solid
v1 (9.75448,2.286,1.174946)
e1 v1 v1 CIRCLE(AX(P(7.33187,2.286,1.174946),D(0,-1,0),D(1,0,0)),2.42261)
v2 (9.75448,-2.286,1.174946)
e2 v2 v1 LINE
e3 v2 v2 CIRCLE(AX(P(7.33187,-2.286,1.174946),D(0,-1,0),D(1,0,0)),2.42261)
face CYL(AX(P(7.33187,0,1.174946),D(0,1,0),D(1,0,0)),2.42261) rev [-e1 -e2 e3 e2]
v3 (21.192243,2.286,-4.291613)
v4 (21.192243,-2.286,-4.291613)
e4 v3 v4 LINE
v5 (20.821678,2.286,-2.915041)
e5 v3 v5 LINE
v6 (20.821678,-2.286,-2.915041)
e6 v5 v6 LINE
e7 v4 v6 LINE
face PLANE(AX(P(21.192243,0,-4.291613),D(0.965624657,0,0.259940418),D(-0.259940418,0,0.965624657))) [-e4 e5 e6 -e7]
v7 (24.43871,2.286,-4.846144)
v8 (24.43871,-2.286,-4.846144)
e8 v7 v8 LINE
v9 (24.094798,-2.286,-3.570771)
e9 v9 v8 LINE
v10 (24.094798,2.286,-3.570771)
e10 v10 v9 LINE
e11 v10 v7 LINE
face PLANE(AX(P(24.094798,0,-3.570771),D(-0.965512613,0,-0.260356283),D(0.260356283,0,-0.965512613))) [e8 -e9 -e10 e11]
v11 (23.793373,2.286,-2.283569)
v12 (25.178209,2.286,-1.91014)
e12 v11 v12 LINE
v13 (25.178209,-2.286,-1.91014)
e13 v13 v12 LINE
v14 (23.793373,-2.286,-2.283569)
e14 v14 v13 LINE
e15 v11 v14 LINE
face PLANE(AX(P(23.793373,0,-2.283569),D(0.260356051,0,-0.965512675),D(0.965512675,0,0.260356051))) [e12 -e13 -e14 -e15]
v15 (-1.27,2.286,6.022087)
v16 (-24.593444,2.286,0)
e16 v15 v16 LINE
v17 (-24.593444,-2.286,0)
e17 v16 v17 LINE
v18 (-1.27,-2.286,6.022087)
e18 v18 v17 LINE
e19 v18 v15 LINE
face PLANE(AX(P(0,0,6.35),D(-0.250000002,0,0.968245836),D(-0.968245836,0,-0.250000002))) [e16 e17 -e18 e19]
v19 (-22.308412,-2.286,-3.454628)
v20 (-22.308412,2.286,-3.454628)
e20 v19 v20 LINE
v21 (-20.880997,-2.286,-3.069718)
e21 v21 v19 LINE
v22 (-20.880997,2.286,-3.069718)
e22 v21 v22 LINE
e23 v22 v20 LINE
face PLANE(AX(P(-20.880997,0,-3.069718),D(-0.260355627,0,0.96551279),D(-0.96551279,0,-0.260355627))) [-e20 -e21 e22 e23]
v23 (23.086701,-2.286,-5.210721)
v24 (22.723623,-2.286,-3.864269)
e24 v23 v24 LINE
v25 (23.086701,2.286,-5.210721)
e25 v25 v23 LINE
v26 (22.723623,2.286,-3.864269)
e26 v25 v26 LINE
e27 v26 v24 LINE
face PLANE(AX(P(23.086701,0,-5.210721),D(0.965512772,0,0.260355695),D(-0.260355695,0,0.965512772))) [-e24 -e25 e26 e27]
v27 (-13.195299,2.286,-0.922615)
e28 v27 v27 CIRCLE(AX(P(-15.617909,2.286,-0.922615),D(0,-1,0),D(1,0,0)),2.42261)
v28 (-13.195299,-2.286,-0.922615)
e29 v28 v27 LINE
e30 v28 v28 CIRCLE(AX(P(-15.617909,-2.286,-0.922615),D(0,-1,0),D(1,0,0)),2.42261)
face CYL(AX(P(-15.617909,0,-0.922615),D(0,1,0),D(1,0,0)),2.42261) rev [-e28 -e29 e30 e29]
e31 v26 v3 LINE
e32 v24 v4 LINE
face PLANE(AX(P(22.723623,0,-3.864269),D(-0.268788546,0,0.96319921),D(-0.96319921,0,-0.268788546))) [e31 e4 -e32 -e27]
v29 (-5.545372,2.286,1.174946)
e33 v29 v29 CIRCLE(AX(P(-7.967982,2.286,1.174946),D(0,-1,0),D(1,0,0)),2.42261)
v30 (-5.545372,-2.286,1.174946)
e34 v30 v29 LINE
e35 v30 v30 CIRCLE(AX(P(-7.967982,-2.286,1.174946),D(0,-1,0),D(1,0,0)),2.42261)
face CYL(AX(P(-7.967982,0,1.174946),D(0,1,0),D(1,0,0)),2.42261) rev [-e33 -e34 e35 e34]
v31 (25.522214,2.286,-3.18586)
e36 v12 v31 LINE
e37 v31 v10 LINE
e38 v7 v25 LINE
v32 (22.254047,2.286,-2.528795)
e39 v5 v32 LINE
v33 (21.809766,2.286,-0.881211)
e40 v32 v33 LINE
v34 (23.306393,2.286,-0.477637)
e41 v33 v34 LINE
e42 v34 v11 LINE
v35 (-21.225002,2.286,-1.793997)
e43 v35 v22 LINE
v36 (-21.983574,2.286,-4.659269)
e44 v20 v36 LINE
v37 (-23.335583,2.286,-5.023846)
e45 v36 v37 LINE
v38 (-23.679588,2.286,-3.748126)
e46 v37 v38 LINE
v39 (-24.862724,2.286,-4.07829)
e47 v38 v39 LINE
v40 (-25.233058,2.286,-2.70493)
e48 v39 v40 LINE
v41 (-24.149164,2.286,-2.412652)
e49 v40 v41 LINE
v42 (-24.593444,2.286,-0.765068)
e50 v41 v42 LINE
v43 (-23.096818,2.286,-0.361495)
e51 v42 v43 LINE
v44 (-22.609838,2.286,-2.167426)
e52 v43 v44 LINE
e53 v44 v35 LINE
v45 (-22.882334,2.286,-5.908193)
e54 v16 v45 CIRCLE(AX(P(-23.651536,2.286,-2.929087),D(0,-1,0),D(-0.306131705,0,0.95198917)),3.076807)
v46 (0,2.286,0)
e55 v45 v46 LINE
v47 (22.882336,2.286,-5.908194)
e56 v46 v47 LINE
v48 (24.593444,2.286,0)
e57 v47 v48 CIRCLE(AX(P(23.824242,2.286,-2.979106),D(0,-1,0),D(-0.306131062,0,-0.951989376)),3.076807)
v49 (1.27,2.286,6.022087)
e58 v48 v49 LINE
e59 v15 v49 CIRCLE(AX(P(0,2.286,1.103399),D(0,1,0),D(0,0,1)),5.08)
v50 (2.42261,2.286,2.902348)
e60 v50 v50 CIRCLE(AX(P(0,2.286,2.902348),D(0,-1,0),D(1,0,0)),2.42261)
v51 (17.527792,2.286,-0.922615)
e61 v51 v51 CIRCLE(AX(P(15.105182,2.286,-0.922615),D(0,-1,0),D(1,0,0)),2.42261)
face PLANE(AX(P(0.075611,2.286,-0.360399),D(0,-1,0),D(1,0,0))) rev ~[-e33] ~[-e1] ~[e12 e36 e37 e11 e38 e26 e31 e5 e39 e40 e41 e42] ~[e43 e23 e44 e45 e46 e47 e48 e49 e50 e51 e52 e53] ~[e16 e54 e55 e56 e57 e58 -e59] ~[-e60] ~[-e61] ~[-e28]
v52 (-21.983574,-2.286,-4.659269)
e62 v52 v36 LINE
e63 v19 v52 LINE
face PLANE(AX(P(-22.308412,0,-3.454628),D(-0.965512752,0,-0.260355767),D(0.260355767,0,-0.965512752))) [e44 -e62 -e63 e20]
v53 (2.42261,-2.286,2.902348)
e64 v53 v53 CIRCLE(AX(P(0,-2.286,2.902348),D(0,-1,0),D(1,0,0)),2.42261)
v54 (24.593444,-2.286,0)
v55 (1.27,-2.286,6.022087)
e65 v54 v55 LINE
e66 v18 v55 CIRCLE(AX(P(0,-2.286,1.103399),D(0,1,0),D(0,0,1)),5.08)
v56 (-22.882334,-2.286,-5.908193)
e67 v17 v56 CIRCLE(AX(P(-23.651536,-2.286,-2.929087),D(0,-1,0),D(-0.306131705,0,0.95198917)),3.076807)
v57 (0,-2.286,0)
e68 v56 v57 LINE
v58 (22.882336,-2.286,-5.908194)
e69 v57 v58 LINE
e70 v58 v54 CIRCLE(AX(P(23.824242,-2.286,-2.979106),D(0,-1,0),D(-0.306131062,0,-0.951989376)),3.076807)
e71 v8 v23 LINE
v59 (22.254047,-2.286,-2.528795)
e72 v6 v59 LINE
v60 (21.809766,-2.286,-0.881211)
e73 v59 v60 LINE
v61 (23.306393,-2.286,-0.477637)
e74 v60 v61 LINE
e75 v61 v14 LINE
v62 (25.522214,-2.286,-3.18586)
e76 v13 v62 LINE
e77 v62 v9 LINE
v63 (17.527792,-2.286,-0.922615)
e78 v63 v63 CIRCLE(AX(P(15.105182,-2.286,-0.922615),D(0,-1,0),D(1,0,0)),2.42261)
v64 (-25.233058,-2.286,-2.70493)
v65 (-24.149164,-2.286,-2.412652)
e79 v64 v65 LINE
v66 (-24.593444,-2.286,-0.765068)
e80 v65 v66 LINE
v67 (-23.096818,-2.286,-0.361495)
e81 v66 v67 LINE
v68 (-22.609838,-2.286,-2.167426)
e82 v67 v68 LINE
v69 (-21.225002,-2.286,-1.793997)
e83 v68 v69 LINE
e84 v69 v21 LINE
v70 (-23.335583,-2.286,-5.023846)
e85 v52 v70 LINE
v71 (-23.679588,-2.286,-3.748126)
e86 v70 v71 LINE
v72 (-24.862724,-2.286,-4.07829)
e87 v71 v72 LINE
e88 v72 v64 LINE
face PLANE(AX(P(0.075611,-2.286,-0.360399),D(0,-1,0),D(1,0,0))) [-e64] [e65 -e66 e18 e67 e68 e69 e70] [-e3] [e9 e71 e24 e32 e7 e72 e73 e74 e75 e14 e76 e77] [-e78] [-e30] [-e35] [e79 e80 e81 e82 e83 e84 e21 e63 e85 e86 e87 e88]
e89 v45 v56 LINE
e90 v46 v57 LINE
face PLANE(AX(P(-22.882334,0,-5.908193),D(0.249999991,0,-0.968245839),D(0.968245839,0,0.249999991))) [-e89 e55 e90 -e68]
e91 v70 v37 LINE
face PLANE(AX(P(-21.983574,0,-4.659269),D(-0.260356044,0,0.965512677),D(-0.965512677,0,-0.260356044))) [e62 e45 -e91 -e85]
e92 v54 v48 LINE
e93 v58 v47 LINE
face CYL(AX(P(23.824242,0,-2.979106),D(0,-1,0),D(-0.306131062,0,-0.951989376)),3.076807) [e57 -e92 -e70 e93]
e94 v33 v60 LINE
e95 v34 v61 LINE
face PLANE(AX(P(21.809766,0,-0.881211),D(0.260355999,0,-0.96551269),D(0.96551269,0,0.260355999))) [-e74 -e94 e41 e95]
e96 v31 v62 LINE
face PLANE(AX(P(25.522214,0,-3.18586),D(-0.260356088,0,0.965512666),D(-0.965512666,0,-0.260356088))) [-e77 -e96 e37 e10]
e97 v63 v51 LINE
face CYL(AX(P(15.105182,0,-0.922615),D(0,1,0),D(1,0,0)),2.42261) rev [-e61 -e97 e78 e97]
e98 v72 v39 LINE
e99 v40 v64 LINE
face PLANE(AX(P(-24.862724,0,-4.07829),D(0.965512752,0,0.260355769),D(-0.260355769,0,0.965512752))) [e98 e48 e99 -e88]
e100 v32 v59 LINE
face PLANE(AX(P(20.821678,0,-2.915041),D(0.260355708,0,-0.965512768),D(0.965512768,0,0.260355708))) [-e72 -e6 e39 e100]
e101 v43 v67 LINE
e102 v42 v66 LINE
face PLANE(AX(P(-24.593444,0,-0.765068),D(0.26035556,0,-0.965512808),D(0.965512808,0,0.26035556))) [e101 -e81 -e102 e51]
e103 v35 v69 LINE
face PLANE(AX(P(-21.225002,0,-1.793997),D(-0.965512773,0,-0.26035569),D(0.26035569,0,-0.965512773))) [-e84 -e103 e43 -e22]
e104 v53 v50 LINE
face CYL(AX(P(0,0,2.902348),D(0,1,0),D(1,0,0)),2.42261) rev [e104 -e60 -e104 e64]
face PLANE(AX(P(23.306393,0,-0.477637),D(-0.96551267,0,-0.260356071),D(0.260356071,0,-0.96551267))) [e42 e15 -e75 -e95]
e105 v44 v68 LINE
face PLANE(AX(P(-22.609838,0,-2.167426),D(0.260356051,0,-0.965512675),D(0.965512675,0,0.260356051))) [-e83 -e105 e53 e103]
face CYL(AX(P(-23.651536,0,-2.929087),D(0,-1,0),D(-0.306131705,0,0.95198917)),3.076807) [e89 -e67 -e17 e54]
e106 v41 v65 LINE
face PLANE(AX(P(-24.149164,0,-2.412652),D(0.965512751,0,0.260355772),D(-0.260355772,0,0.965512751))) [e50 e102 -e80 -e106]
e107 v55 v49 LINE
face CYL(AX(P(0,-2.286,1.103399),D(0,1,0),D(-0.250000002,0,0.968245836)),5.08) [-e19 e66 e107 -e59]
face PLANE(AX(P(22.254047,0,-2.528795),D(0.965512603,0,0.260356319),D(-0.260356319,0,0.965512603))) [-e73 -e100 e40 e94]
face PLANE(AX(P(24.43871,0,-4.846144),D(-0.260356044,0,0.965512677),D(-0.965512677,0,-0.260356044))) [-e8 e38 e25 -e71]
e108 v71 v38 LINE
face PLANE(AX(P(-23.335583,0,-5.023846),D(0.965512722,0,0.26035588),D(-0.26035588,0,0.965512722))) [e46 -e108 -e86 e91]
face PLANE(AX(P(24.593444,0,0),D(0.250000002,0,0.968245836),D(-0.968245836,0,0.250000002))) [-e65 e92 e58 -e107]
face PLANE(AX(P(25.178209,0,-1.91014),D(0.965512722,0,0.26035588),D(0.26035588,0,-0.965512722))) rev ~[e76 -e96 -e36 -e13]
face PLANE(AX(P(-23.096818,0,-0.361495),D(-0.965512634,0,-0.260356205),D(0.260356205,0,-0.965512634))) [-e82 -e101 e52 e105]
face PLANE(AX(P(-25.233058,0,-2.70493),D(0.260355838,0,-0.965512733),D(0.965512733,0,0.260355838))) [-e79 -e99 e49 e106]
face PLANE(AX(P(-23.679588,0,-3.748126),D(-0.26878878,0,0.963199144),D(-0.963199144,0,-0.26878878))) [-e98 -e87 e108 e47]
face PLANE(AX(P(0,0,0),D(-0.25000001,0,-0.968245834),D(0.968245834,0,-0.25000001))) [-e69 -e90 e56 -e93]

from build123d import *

# Parameters (mm, degrees)
F0_R     = 2.42261
F1_DEPTH = 2.286
F2_R     = 5.08


with BuildPart() as f1:
    # F0 (on Front) → F1 (new body, symmetric)
    with BuildSketch(Plane.XZ):
        with BuildLine():
            Line((0, 6.35), (-24.593444, 0))
            ThreePointArc((-24.593444, 0), (-26.606894, -3.785008), (-22.882334, -5.908193))
            Line((-22.882334, -5.908193), (0, 0))
            Line((0, 0), (22.882336, -5.908194))
            ThreePointArc((22.882336, -5.908194), (26.779601, -3.835026), (24.593444, 0))
            Line((24.593444, 0), (0, 6.35))
        make_face()
        Polygon((-25.233058, -2.70493), (-24.149164, -2.412652), (-24.593444, -0.765068), (-23.096818, -0.361495), (-22.609838, -2.167426), (-21.225002, -1.793997), (-20.880997, -3.069718), (-22.308412, -3.454628), (-21.983574, -4.659269), (-23.335583, -5.023846), (-23.679588, -3.748126), (-24.862724, -4.07829), align=None, mode=Mode.SUBTRACT)
        with Locations((-15.617909, -0.922615)):
            Circle(F0_R, mode=Mode.SUBTRACT)
        Polygon((20.821678, -2.915041), (22.254047, -2.528795), (21.809766, -0.881211), (23.306393, -0.477637), (23.793373, -2.283569), (25.178209, -1.91014), (25.522214, -3.18586), (24.094798, -3.570771), (24.43871, -4.846144), (23.086701, -5.210721), (22.723623, -3.864269), (21.192243, -4.291613), align=None, mode=Mode.SUBTRACT)
        with Locations((15.105182, -0.922615)):
            Circle(F0_R, mode=Mode.SUBTRACT)
        with Locations((-7.967982, 1.174946)):
            Circle(F0_R, mode=Mode.SUBTRACT)
        with Locations((0, 2.902348)):
            Circle(F0_R, mode=Mode.SUBTRACT)
        with Locations((7.33187, 1.174946)):
            Circle(F0_R, mode=Mode.SUBTRACT)
    extrude(amount=F1_DEPTH, both=True)

    # F2
    f2_edges = [f1.edges().sort_by_distance(p)[0] for p in [
        (0, 0, 6.35),
    ]]
    fillet(f2_edges, radius=F2_R)


solid = f1.part
